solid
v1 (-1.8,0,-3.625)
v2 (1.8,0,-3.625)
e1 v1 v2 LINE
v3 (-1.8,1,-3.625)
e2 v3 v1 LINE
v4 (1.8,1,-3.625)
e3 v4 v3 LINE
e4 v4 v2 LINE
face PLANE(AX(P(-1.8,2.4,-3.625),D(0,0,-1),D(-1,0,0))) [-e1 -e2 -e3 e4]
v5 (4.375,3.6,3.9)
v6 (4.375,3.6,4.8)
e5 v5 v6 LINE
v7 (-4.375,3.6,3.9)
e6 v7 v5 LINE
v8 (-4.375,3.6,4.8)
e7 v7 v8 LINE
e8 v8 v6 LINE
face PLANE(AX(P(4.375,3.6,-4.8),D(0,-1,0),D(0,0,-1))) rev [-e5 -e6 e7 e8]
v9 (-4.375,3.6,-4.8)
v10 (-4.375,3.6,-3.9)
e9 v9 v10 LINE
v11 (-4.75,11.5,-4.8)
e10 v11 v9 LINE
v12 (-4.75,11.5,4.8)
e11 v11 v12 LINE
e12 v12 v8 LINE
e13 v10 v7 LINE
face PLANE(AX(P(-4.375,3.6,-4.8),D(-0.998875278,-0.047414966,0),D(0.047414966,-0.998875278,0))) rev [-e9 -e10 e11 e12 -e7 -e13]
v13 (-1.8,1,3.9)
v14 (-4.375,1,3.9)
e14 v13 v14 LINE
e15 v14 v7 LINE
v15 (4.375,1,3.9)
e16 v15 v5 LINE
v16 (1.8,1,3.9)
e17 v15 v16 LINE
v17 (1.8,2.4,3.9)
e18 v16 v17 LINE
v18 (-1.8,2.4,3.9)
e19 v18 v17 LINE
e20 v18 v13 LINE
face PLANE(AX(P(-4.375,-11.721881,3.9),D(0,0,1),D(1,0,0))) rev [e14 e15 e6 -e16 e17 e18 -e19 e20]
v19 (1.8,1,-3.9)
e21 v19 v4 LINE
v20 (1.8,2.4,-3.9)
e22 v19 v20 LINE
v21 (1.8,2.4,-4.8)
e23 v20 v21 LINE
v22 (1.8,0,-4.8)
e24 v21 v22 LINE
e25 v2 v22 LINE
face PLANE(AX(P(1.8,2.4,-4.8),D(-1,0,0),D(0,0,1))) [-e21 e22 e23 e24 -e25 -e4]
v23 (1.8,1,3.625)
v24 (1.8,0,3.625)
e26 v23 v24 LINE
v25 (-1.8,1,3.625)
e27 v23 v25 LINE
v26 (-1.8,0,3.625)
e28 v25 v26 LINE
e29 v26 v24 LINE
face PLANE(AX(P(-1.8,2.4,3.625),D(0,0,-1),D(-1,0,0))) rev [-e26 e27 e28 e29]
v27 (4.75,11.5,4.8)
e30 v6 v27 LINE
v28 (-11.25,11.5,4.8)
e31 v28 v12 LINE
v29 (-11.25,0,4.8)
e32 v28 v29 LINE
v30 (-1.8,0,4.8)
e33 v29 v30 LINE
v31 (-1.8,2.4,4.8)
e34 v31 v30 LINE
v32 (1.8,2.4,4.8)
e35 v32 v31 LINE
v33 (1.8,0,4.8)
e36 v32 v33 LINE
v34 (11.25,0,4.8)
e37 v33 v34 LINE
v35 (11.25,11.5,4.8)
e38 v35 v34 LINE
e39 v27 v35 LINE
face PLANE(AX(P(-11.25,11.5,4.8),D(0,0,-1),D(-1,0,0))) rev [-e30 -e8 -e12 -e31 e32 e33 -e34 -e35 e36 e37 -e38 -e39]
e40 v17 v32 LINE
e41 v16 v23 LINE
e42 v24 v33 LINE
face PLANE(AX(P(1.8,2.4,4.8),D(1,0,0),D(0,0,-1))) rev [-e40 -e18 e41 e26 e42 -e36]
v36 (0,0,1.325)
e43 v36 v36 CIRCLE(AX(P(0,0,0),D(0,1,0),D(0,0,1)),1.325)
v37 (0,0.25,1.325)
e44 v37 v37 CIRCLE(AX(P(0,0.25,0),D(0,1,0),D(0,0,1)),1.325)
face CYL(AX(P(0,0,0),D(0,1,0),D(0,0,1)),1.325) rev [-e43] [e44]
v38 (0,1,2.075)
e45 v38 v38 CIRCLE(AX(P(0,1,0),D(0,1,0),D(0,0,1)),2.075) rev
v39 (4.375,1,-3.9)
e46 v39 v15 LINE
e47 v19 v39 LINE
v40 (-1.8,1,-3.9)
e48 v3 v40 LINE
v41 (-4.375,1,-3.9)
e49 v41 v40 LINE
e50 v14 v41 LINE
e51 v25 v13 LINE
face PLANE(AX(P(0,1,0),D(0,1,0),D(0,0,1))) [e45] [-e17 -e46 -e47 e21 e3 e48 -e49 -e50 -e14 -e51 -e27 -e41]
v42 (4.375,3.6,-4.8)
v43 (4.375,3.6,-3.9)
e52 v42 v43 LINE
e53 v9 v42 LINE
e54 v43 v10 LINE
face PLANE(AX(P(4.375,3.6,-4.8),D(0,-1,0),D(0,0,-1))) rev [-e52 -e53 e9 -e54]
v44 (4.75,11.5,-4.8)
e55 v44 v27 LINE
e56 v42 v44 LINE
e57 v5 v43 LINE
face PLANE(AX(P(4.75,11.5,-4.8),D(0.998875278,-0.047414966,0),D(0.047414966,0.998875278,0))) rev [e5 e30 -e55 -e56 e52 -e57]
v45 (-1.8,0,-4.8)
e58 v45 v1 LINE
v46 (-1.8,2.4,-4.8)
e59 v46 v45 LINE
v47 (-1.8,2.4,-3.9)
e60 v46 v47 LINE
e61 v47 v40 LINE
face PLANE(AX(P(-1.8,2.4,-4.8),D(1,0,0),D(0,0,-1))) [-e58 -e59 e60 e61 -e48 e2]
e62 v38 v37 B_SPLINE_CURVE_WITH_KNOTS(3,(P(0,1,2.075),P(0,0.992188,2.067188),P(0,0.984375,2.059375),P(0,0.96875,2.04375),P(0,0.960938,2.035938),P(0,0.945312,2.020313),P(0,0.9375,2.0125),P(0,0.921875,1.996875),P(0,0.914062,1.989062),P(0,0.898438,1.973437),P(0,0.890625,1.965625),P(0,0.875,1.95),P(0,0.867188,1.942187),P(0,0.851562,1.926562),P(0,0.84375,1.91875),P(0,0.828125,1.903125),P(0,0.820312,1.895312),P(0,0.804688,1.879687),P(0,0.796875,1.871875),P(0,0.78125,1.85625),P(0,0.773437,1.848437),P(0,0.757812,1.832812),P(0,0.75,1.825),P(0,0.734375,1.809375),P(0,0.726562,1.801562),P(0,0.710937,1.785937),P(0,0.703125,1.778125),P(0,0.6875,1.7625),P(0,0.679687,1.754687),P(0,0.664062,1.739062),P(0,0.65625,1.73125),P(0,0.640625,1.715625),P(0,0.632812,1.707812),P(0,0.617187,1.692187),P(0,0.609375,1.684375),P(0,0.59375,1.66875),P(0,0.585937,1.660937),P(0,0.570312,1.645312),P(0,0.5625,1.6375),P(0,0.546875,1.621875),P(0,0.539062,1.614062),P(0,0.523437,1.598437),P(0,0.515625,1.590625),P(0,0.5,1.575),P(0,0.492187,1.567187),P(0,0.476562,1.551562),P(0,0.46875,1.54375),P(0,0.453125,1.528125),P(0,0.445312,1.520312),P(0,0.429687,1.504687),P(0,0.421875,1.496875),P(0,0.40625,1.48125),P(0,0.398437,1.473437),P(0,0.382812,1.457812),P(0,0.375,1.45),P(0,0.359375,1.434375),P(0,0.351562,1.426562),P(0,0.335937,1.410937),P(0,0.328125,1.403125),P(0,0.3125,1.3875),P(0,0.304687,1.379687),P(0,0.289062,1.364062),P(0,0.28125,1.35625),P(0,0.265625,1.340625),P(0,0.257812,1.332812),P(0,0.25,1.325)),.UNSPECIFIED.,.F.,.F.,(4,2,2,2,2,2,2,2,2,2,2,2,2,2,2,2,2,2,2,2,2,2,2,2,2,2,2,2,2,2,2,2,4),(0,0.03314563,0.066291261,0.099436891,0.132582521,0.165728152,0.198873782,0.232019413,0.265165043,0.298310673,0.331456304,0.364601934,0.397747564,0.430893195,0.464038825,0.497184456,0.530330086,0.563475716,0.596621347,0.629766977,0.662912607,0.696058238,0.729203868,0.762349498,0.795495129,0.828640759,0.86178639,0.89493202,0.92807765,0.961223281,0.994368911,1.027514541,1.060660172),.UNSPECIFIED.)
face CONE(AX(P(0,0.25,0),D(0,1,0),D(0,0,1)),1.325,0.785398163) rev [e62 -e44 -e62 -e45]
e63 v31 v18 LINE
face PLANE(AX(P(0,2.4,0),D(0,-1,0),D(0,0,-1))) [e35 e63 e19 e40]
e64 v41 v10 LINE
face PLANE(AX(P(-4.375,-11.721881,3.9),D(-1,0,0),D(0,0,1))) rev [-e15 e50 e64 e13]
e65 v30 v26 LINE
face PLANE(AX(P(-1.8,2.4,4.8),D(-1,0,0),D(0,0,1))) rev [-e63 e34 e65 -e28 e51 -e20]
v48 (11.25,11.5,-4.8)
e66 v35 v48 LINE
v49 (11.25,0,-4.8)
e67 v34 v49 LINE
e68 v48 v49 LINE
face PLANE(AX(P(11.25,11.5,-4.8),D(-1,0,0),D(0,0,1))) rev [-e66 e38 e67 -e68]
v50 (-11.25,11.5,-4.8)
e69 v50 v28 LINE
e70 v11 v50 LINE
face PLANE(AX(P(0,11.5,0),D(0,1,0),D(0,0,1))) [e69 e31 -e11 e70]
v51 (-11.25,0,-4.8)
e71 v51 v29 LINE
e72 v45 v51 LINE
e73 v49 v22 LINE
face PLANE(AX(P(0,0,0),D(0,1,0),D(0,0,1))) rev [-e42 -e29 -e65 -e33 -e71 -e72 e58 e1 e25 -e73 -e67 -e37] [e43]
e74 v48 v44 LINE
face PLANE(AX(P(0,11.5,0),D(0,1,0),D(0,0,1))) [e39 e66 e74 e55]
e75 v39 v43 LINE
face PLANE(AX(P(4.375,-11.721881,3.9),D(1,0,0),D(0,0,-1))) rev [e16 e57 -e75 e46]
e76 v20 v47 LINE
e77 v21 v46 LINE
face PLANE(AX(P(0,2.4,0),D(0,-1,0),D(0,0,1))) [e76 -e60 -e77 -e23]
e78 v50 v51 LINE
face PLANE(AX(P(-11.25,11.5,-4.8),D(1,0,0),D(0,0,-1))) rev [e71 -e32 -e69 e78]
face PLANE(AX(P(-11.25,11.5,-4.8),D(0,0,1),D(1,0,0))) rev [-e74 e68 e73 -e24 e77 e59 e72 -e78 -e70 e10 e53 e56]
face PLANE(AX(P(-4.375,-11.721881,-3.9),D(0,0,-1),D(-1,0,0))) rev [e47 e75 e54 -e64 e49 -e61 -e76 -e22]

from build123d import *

# Parameters (mm, degrees)
SKETCH1_W           = 22.5
SKETCH1_H           = 9.6
BOSS_EXTRUDE1_DEPTH = 11.5
CUT_EXTRUDE1_DEPTH  = 19.73426006
SKETCH4_W           = 8.75
SKETCH4_H           = 7.8
CUT_EXTRUDE2_DEPTH  = 2.6
SKETCH5_R           = 1.325
CUT_EXTRUDE3_DEPTH  = 17.119941067
CHAMFER1_SIZE       = 0.75
SKETCH6_W           = 3.6
SKETCH6_H           = 1.175
CUT_EXTRUDE4_DEPTH  = 2.4


with BuildPart() as part:
    # Sketch1 → Boss-Extrude1 (new body)
    with BuildSketch(Plane(origin=(0, 0, 0), x_dir=(1, 0, 0), z_dir=(0, 1, 0))):
        Rectangle(SKETCH1_W, SKETCH1_H)
    extrude(amount=BOSS_EXTRUDE1_DEPTH)

    # Sketch3 → Cut-Extrude1 (cut, through all)
    with BuildSketch(Plane.XY.offset(4.8)):
        Polygon((4.75, 11.5), (4.375, 3.6), (-4.375, 3.6), (-4.75, 11.5), align=None)
    extrude(amount=-CUT_EXTRUDE1_DEPTH, mode=Mode.SUBTRACT)

    # Sketch4 → Cut-Extrude2 (cut)
    with BuildSketch(Plane(origin=(0, 3.6, 0), x_dir=(1, 0, 0), z_dir=(0, 1, 0))):
        Rectangle(SKETCH4_W, SKETCH4_H)
    extrude(amount=-CUT_EXTRUDE2_DEPTH, mode=Mode.SUBTRACT)

    # Sketch5 → Cut-Extrude3 (cut, through all)
    with BuildSketch(Plane(origin=(0, 1, 0), x_dir=(1, 0, 0), z_dir=(0, 1, 0))):
        with Locations(Location((0, 0, 0), (0, 0, 270))):
            Circle(SKETCH5_R)
    extrude(amount=-CUT_EXTRUDE3_DEPTH, mode=Mode.SUBTRACT)

    # Chamfer1
    chamfer1_edges = [part.edges().sort_by_distance(p)[0] for p in [
        (0, 1, -1.325),
    ]]
    chamfer(chamfer1_edges, length=CHAMFER1_SIZE)

    # Sketch6 → Cut-Extrude4 (cut)
    with BuildSketch(Plane.XZ):
        with Locations((0, 4.2125)):
            Rectangle(SKETCH6_W, SKETCH6_H)
    cut_extrude4 = extrude(amount=-CUT_EXTRUDE4_DEPTH, mode=Mode.SUBTRACT)

    # Mirror1: Cut-Extrude4 across plane
    add(cut_extrude4.mirror(Plane.XY), mode=Mode.SUBTRACT)


solid = part.part
